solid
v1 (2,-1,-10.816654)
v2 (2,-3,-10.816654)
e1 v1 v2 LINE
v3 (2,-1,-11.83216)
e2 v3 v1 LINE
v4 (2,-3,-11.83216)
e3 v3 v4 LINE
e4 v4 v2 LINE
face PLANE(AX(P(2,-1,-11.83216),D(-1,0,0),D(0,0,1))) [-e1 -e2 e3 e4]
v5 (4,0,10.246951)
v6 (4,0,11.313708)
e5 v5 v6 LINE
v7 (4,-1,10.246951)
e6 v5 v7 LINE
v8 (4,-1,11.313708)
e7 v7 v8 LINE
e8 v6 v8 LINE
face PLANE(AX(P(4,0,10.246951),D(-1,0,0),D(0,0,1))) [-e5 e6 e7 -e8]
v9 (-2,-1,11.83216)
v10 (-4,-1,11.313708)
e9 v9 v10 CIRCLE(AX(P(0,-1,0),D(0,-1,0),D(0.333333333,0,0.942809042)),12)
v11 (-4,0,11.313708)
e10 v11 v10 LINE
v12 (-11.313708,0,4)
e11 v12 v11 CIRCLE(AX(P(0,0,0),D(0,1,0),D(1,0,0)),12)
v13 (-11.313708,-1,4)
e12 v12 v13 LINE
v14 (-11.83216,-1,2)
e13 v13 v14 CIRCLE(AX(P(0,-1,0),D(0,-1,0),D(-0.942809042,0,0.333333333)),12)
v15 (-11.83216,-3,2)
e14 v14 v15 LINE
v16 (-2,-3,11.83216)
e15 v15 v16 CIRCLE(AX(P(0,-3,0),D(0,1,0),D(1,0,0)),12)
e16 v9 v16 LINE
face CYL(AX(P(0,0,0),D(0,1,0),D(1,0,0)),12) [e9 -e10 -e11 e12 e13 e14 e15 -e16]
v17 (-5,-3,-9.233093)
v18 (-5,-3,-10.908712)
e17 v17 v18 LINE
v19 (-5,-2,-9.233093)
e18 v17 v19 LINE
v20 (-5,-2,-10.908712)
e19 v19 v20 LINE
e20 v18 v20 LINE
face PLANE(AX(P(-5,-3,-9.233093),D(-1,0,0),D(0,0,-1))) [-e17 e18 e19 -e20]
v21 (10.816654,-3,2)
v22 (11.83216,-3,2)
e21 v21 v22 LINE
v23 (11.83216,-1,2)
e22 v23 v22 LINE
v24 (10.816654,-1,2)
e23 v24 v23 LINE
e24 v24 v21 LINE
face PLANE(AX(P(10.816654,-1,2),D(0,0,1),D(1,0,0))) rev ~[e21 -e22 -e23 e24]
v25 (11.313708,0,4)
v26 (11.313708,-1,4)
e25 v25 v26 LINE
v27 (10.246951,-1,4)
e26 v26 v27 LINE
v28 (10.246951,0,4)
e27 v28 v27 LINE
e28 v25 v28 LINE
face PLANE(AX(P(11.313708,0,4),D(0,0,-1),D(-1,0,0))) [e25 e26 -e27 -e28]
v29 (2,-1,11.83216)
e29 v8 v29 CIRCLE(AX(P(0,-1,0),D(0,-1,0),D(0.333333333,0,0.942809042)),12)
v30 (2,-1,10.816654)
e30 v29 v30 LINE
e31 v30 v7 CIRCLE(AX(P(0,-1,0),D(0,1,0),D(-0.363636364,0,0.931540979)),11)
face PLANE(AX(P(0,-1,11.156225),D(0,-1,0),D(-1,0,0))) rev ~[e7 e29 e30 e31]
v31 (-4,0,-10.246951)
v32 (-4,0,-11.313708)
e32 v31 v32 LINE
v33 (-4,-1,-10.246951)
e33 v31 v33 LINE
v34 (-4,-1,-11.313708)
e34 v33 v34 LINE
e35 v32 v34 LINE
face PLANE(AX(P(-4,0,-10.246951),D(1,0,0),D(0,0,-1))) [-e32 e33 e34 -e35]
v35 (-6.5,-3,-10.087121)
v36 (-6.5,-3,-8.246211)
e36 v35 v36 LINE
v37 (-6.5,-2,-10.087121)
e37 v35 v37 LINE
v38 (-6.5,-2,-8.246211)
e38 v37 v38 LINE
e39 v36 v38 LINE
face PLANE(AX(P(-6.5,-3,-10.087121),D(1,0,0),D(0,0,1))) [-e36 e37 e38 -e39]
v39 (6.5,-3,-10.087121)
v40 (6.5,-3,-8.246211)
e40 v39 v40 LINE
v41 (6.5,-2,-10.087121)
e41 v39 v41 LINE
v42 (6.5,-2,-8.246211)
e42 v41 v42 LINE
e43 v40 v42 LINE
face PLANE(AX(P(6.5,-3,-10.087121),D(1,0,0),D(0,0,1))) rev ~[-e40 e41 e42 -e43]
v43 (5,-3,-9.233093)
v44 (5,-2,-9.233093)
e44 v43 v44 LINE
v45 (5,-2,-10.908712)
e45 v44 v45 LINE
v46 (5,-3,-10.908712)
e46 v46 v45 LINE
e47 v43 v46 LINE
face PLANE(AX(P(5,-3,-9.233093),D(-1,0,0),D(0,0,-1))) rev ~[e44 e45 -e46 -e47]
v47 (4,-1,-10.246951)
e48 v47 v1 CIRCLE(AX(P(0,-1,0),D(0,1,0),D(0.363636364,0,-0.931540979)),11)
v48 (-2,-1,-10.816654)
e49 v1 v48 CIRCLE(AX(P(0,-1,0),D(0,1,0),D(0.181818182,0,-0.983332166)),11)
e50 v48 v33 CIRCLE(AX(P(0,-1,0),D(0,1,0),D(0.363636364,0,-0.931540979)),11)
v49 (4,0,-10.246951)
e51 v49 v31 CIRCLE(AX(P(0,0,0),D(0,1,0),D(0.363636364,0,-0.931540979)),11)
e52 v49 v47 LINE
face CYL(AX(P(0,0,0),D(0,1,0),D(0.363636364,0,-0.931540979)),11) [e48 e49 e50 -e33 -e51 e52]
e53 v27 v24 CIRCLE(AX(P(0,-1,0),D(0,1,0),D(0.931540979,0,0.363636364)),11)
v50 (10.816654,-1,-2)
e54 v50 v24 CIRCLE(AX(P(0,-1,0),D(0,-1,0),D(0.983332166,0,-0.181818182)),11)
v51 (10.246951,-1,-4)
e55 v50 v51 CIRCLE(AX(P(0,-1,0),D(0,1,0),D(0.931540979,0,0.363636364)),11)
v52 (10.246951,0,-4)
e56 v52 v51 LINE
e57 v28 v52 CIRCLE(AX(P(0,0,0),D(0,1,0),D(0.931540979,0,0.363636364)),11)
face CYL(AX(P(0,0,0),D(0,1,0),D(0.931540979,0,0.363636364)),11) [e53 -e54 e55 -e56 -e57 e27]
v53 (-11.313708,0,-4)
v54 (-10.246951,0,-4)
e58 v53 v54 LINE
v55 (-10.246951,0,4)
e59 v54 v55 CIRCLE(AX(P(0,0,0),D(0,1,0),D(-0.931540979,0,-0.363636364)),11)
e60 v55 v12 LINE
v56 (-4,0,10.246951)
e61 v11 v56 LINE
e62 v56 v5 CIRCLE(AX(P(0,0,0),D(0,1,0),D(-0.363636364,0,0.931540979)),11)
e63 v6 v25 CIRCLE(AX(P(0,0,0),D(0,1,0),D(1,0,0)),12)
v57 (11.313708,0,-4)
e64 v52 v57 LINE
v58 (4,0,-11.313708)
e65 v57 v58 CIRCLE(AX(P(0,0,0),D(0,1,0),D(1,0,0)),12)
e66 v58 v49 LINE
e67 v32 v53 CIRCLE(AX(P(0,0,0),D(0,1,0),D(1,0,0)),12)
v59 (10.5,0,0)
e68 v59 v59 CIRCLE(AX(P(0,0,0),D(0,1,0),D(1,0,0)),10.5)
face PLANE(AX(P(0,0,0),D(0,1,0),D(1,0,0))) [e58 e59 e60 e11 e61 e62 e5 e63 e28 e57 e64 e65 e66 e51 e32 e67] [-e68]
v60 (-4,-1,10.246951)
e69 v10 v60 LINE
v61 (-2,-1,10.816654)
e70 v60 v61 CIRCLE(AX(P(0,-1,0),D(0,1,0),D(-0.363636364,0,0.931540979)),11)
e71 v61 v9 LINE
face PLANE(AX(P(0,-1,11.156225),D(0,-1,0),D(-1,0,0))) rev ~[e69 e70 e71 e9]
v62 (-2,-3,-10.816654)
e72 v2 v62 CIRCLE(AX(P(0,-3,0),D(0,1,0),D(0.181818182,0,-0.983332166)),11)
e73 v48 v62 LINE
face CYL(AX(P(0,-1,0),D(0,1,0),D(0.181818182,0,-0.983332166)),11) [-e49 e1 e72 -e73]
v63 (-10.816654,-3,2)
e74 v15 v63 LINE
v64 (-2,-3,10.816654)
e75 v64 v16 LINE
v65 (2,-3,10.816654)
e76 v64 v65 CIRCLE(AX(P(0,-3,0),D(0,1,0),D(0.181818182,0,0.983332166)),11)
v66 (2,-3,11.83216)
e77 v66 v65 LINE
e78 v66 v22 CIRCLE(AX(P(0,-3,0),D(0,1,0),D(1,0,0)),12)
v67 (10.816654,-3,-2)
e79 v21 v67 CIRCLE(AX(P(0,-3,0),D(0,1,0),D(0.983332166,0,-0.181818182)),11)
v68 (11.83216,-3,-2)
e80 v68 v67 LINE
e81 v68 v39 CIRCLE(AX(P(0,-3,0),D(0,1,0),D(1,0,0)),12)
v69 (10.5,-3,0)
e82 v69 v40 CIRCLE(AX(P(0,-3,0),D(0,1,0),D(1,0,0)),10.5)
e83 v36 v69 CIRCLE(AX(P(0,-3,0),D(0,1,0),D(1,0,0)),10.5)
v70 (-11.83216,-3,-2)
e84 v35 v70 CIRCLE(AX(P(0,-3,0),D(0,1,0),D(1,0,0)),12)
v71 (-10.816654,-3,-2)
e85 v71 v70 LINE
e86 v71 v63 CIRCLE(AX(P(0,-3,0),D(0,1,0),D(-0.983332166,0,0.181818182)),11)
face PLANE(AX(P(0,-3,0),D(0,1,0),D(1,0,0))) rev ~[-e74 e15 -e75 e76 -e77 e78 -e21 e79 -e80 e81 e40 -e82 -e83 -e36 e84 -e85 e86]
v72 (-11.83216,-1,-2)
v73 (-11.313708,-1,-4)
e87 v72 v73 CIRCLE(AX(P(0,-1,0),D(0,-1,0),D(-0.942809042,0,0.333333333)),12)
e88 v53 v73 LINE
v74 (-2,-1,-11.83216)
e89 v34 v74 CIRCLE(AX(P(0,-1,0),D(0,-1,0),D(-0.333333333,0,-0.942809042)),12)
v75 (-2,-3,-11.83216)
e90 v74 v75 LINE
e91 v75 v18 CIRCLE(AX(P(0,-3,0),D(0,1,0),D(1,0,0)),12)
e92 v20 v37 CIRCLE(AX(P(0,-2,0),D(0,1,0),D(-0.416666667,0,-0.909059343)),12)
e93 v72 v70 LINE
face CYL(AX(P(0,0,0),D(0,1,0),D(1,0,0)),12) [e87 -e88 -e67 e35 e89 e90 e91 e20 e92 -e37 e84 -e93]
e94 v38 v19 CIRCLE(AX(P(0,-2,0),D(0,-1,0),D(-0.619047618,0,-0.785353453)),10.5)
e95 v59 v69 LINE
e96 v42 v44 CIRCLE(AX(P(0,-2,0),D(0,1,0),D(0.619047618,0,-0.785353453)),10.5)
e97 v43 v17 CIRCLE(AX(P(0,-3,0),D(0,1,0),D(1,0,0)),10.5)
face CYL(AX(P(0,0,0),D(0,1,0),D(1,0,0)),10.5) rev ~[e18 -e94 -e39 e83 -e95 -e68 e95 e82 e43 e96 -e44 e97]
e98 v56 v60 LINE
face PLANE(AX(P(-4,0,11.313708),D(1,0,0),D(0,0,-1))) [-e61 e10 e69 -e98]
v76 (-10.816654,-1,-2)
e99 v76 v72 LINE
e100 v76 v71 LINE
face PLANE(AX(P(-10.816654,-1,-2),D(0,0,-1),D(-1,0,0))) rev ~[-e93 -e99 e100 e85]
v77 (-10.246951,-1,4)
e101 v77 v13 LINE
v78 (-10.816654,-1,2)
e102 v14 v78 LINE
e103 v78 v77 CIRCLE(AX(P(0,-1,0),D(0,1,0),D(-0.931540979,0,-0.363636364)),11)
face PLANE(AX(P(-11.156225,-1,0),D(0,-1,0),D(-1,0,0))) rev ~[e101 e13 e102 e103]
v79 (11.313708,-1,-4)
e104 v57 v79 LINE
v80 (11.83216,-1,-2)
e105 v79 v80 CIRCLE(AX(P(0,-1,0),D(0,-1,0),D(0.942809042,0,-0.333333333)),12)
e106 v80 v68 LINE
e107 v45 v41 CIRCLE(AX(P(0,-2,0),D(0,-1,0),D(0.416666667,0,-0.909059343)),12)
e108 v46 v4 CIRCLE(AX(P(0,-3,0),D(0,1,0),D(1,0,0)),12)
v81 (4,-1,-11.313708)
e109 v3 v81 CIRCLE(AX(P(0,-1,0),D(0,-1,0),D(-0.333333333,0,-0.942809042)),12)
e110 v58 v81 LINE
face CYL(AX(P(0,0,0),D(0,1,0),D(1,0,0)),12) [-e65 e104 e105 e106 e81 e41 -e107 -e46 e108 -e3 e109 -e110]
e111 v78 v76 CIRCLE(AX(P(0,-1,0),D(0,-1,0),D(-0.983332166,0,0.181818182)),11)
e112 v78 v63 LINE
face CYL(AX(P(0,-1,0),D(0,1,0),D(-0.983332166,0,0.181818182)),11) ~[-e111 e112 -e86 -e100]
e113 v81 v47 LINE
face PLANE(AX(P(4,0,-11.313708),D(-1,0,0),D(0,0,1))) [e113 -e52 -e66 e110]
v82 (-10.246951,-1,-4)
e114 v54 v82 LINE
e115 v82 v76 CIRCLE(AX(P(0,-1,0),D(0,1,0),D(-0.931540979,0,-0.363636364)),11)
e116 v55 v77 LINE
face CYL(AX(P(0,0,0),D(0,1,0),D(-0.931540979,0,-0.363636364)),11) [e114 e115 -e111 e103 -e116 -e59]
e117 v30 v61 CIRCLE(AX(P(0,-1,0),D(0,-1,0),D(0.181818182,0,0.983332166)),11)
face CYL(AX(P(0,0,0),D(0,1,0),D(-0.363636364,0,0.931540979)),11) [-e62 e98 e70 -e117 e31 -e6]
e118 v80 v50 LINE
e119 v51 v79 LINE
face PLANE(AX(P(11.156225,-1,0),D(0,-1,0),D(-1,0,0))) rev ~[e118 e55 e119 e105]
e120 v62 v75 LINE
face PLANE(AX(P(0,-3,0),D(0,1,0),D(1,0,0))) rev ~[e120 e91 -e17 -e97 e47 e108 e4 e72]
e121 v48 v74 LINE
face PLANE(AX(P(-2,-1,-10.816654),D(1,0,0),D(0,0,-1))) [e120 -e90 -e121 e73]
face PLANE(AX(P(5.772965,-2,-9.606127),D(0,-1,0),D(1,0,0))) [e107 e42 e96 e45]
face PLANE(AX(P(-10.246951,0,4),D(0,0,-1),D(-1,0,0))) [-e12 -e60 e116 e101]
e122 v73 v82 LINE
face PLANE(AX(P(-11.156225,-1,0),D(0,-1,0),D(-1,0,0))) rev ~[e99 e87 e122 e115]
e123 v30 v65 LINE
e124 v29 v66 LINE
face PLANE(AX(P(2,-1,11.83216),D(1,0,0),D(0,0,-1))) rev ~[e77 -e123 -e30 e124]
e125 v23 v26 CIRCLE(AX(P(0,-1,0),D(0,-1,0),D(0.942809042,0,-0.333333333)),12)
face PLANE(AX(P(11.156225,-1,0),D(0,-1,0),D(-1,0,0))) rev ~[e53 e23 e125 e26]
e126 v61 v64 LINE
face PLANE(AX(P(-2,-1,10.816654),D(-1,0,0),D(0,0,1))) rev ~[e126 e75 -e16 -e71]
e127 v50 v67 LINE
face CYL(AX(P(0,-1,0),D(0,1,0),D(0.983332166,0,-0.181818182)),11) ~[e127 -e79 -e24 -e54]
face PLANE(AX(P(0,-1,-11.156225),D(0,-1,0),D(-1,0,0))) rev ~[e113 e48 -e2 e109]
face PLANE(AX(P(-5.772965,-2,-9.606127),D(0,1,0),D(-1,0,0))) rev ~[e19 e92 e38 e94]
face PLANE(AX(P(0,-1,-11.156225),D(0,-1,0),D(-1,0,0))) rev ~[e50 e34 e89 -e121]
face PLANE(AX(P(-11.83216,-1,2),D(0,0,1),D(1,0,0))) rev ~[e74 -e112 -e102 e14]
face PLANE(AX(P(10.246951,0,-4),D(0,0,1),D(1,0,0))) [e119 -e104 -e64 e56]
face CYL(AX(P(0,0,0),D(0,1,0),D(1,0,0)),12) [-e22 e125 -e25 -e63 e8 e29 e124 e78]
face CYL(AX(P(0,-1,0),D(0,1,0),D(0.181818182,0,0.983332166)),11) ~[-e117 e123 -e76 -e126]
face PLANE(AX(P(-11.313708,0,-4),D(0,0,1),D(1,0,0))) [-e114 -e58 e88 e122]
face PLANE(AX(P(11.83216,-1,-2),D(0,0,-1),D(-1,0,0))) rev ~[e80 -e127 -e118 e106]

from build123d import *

# Parameters (mm, degrees)
SKETCH1_R           = 12
SKETCH1_R_2         = 10.5
BOSS_EXTRUDE1_DEPTH = 3
CUT_EXTRUDE1_DEPTH  = 1
CUT_EXTRUDE2_DEPTH  = 3
CUT_EXTRUDE3_DEPTH  = 1


with BuildPart() as part:
    # Sketch1 → Boss-Extrude1 (new body)
    with BuildSketch(Plane(origin=(0, 0, 0), x_dir=(1, 0, 0), z_dir=(0, 1, 0))):
        Circle(SKETCH1_R)
        Circle(SKETCH1_R_2, mode=Mode.SUBTRACT)
    extrude(amount=-BOSS_EXTRUDE1_DEPTH)

    # Sketch6 → Cut-Extrude1 (cut)
    with BuildSketch(Plane(origin=(0, 0, 0), x_dir=(1, 0, 0), z_dir=(0, 1, 0))):
        with BuildLine():
            Line((10.246950766, 4), (11.313708499, 4))
            ThreePointArc((11.313708499, 4), (12, 0), (11.313708499, -4))
            Line((11.313708499, -4), (10.246950766, -4))
            ThreePointArc((10.246950766, -4), (11, 0), (10.246950766, 4))
        make_face()
        with BuildLine():
            Line((-4, 10.246950766), (-4, 11.313708499))
            ThreePointArc((-4, 11.313708499), (0, 12), (4, 11.313708499))
            Line((4, 11.313708499), (4, 10.246950766))
            ThreePointArc((4, 10.246950766), (0, 11), (-4, 10.246950766))
        make_face()
        with BuildLine():
            Line((4, -10.246950766), (4, -11.313708499))
            ThreePointArc((4, -11.313708499), (0, -12), (-4, -11.313708499))
            Line((-4, -11.313708499), (-4, -10.246950766))
            ThreePointArc((-4, -10.246950766), (0, -11), (4, -10.246950766))
        make_face()
        with BuildLine():
            Line((-10.246950766, -4), (-11.313708499, -4))
            ThreePointArc((-11.313708499, -4), (-12, 0), (-11.313708499, 4))
            Line((-11.313708499, 4), (-10.246950766, 4))
            ThreePointArc((-10.246950766, 4), (-11, 0), (-10.246950766, -4))
        make_face()
    extrude(amount=-CUT_EXTRUDE1_DEPTH, mode=Mode.SUBTRACT)

    # Sketch7 → Cut-Extrude2 (cut, through all)
    with BuildSketch(Plane(origin=(0, -1, 0), x_dir=(1, 0, 0), z_dir=(0, 1, 0))):
        with BuildLine():
            Line((-2, 10.816653826), (-2, 11.832159566))
            ThreePointArc((-2, 11.832159566), (0, 12), (2, 11.832159566))
            Line((2, 11.832159566), (2, 10.816653826))
            ThreePointArc((2, 10.816653826), (0, 11), (-2, 10.816653826))
        make_face()
        with BuildLine():
            Line((10.816653826, -2), (11.832159566, -2))
            ThreePointArc((11.832159566, -2), (12, 0), (11.832159566, 2))
            Line((11.832159566, 2), (10.816653826, 2))
            ThreePointArc((10.816653826, 2), (11, 0), (10.816653826, -2))
        make_face()
        with BuildLine():
            Line((-2, -10.816653826), (-2, -11.832159566))
            ThreePointArc((-2, -11.832159566), (0, -12), (2, -11.832159566))
            Line((2, -11.832159566), (2, -10.816653826))
            ThreePointArc((2, -10.816653826), (0, -11), (-2, -10.816653826))
        make_face()
        with BuildLine():
            Line((-10.816653826, 2), (-11.832159566, 2))
            ThreePointArc((-11.832159566, 2), (-12, 0), (-11.832159566, -2))
            Line((-11.832159566, -2), (-10.816653826, -2))
            ThreePointArc((-10.816653826, -2), (-11, 0), (-10.816653826, 2))
        make_face()
    extrude(amount=-CUT_EXTRUDE2_DEPTH, mode=Mode.SUBTRACT)

    # Sketch8 → Cut-Extrude3 (cut)
    with BuildSketch(Plane.XZ.offset(3)):
        with BuildLine():
            Line((-5, -9.233092656), (-5, -10.908712115))
            ThreePointArc((-5, -10.908712115), (-5.764655514, -10.52467324), (-6.5, -10.087120501))
            Line((-6.5, -10.087120501), (-6.5, -8.246211251))
            ThreePointArc((-6.5, -8.246211251), (-5.77113366, -8.771773838), (-5, -9.233092656))
        make_face()
        with BuildLine():
            Line((5, -9.233092656), (5, -10.908712115))
            ThreePointArc((5, -10.908712115), (5.764655514, -10.52467324), (6.5, -10.087120501))
            Line((6.5, -10.087120501), (6.5, -8.246211251))
            ThreePointArc((6.5, -8.246211251), (5.77113366, -8.771773838), (5, -9.233092656))
        make_face()
    extrude(amount=-CUT_EXTRUDE3_DEPTH, mode=Mode.SUBTRACT)


solid = part.part
